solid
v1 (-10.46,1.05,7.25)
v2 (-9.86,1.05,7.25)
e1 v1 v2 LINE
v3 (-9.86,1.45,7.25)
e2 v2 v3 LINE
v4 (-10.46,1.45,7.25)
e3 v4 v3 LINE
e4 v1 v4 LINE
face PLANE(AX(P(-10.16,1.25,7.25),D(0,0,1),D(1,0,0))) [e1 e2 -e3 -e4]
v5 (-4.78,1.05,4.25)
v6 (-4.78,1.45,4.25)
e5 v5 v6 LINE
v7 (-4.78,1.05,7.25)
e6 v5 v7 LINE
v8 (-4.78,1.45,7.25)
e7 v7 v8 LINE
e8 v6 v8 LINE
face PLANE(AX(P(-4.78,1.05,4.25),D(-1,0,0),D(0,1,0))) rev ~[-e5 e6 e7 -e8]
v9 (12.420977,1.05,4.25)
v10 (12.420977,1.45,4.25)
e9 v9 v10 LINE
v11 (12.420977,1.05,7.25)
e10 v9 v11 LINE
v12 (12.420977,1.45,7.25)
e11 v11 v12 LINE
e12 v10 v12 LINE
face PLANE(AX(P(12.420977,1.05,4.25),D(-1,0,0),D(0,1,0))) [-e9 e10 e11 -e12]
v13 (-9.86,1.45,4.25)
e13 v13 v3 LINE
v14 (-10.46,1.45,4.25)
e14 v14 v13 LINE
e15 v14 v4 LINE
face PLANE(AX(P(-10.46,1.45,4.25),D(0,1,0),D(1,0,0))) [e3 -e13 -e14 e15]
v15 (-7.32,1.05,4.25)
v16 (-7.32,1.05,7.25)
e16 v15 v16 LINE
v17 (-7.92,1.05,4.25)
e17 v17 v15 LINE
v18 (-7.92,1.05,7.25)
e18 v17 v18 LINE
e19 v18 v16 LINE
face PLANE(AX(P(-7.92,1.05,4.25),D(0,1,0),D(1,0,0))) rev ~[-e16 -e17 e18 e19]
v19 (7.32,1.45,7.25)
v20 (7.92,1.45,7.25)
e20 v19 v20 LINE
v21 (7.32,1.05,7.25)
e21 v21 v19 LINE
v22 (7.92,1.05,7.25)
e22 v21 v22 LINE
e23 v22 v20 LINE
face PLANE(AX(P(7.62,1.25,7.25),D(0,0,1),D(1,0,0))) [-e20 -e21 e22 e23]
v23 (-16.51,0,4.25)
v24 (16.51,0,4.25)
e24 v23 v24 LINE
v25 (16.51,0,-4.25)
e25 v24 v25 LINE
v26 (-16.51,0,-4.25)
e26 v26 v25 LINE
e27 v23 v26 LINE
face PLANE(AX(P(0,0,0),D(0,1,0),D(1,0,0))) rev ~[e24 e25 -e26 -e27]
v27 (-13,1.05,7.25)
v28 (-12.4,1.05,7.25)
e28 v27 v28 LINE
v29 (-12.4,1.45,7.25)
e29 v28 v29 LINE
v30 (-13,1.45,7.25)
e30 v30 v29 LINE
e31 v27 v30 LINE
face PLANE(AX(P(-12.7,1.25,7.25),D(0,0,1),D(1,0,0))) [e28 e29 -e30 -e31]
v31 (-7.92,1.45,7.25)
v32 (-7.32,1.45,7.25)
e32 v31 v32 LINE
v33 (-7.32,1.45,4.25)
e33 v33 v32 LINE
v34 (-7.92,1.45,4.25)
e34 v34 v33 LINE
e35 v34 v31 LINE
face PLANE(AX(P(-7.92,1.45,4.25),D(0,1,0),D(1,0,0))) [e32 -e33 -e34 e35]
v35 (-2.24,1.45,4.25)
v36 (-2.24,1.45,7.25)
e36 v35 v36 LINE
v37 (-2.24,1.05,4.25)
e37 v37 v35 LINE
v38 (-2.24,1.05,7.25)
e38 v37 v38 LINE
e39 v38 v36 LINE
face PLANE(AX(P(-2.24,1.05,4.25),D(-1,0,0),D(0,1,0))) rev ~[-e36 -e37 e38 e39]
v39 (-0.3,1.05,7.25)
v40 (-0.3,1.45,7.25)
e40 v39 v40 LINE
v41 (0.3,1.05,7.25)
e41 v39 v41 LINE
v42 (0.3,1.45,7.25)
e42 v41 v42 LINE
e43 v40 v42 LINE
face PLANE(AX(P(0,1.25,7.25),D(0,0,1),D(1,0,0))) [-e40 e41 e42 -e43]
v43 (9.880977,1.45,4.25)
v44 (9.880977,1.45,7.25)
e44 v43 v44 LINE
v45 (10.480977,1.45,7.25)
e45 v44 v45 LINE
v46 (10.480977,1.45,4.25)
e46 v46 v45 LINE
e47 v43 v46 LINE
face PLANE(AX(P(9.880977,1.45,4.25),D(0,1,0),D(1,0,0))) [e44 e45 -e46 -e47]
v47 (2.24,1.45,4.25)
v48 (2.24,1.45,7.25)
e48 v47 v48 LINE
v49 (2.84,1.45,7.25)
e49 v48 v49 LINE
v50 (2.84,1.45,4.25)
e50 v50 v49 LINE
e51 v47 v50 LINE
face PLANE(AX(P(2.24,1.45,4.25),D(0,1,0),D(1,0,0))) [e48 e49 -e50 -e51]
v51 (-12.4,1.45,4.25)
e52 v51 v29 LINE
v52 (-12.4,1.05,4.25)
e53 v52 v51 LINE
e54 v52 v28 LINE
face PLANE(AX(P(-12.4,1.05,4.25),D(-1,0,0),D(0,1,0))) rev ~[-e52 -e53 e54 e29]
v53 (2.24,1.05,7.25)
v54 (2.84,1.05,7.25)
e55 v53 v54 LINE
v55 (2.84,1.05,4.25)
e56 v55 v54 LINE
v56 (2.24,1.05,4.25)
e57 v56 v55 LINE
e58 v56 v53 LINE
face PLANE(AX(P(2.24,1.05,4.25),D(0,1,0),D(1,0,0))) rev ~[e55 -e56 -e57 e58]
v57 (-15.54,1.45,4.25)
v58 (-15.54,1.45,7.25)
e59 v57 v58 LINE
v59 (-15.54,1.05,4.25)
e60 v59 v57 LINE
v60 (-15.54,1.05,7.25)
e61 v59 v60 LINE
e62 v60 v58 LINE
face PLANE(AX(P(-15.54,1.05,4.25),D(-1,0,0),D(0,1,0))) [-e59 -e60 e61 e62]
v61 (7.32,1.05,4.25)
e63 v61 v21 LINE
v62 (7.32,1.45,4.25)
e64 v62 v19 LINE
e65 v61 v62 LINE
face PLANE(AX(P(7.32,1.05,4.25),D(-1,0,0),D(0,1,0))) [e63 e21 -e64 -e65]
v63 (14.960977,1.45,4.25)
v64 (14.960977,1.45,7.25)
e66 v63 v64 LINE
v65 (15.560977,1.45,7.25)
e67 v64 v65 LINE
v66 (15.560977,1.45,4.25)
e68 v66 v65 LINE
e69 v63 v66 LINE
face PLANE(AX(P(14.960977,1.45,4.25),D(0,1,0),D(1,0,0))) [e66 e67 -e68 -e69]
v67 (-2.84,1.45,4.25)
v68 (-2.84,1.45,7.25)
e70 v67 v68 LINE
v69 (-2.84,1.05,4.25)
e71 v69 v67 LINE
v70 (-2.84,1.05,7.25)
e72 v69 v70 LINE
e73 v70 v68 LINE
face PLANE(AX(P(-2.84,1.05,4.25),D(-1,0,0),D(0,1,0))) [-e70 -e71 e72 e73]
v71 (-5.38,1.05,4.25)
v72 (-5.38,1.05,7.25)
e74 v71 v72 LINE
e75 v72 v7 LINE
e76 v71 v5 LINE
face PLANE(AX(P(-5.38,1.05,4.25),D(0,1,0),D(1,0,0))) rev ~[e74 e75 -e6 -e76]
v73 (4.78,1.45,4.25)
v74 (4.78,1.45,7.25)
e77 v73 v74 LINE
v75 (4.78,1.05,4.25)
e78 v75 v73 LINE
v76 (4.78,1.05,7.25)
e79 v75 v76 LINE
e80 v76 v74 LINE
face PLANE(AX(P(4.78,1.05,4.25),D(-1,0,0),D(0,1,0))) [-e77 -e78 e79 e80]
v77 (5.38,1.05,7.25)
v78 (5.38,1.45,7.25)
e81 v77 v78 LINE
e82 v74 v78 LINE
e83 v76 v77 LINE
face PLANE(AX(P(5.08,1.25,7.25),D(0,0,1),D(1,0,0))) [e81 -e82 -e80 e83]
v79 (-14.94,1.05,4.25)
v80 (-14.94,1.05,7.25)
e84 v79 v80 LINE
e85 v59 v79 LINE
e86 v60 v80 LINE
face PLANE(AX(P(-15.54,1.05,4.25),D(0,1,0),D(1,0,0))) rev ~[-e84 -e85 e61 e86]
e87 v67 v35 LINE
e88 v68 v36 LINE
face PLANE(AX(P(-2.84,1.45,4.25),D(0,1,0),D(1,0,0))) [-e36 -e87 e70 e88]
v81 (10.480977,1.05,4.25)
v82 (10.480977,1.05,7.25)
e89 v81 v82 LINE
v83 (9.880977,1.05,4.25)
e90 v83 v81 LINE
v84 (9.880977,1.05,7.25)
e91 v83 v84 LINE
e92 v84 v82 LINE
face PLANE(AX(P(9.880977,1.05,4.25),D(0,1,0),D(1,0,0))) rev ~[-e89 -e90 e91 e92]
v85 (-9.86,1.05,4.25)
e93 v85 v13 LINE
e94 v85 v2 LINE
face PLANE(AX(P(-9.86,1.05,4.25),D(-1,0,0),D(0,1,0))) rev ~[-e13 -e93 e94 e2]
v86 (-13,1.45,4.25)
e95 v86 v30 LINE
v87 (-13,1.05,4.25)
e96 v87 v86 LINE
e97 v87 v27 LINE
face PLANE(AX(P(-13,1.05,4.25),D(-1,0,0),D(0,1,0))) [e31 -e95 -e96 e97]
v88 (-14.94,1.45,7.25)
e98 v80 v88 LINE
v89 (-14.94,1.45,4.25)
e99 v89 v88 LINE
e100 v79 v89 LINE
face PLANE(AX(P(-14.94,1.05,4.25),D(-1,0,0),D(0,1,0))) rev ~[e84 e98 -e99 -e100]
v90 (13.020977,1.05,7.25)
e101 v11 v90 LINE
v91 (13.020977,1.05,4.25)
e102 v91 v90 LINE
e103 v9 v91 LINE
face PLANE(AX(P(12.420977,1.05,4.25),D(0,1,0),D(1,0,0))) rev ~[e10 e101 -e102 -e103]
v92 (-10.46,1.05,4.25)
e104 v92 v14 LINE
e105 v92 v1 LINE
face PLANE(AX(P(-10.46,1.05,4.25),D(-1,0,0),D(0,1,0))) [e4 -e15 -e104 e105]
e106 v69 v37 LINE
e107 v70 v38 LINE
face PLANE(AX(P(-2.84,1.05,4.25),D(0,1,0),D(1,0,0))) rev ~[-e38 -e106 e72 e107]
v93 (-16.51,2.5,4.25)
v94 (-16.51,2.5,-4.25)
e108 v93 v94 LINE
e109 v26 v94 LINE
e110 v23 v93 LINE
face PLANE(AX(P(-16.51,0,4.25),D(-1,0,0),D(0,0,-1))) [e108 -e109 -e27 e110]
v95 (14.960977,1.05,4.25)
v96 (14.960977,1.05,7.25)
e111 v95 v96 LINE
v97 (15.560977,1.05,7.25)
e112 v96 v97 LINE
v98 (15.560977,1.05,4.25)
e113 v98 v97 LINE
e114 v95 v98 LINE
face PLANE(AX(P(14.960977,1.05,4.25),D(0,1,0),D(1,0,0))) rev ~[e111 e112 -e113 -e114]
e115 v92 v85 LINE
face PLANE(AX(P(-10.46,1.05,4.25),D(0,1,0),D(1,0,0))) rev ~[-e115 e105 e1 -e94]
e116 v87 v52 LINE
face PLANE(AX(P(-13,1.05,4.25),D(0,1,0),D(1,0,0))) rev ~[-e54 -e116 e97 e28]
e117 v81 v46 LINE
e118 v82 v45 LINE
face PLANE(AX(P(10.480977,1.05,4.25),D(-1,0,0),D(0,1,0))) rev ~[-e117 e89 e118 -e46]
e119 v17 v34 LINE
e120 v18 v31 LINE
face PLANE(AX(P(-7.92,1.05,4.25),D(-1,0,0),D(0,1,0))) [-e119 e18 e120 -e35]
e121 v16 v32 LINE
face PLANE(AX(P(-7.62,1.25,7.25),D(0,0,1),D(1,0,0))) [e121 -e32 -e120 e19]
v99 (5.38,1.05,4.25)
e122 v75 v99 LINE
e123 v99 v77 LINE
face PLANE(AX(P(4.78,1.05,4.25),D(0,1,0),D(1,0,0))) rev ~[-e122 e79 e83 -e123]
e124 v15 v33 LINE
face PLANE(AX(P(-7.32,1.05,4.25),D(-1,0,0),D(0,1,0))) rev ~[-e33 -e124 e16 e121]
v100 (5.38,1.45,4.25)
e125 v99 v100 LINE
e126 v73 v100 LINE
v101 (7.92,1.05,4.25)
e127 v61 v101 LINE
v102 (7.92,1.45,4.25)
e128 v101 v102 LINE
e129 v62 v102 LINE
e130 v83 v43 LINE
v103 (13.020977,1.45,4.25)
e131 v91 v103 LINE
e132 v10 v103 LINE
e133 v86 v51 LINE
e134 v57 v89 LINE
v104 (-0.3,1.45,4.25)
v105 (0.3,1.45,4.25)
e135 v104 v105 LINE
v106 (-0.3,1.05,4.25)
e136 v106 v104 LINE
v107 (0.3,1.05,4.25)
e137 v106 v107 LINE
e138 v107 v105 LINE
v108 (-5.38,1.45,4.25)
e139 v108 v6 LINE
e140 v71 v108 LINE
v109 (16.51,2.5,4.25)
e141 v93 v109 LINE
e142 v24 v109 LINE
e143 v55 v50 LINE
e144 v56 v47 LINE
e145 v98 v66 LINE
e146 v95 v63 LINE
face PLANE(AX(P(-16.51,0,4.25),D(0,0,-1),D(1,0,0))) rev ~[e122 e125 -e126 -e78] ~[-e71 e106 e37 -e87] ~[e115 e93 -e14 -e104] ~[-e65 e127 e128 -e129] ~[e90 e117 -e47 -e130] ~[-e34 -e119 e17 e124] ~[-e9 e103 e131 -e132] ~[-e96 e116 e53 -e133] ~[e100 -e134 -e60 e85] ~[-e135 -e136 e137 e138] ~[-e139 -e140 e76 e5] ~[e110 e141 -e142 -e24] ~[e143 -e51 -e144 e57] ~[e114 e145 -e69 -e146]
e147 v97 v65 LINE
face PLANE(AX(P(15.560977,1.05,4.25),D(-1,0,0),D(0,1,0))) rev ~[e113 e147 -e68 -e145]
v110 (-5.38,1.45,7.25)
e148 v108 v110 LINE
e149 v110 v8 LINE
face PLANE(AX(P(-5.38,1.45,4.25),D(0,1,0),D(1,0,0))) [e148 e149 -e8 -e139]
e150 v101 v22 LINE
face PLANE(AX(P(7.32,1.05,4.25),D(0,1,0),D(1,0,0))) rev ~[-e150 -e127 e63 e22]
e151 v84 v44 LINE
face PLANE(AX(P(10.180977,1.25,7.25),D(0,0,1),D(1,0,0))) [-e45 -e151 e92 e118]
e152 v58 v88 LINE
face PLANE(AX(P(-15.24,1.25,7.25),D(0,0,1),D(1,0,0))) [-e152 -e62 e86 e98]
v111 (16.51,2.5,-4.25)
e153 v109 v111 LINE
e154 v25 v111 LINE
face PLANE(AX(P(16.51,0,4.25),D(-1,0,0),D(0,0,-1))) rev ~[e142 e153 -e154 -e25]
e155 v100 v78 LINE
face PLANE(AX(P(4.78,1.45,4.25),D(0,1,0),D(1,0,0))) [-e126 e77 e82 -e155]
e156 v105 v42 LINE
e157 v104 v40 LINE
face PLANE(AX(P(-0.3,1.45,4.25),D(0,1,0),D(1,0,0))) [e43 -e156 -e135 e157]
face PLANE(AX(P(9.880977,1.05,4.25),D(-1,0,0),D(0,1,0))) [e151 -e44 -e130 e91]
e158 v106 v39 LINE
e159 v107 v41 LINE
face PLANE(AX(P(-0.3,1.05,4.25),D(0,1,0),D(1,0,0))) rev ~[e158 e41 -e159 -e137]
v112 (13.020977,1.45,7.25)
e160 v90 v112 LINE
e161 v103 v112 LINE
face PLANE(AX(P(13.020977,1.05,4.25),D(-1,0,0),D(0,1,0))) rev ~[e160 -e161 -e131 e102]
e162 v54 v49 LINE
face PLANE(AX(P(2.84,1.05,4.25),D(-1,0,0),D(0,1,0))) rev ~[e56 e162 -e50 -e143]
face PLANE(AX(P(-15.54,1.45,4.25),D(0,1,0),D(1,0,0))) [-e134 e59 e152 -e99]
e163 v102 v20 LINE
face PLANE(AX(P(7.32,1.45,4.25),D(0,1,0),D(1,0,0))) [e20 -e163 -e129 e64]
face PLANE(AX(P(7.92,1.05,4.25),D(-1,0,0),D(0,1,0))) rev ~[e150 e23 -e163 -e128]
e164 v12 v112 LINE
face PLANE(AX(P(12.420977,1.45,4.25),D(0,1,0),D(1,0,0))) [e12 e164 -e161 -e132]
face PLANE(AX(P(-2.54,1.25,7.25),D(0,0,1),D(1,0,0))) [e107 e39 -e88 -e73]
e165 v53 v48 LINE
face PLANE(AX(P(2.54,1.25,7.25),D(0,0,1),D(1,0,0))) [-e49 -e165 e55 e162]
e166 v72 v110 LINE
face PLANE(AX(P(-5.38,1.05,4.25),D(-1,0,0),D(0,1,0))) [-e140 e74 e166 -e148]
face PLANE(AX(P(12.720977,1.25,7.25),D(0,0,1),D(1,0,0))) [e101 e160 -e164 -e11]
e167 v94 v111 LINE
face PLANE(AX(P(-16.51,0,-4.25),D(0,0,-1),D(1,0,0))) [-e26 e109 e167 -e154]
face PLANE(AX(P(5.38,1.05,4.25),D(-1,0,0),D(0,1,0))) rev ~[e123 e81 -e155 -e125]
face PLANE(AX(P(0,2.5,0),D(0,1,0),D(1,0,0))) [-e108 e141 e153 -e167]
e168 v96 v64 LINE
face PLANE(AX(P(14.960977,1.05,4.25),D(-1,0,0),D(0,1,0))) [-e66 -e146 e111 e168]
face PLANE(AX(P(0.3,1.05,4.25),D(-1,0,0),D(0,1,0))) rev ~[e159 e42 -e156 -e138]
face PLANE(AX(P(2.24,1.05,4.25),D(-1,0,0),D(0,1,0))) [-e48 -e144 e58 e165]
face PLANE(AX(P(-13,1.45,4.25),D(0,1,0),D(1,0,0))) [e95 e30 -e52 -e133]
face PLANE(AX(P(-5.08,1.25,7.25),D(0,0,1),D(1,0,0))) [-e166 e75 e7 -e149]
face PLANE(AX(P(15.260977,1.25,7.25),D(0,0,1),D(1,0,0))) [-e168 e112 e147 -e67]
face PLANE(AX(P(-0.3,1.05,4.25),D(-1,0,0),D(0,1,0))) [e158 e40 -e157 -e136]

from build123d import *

# Parameters (mm, degrees)
SKETCH_1_W      = 33.02
SKETCH_1_H      = 8.5
EXTRUDE_1_DEPTH = 2.5
SKETCH_2_W      = 0.6
SKETCH_2_H      = 0.4
EXTRUDE_2_DEPTH = 3


with BuildPart() as part:
    # Эскиз1 → Бобышка-Вытянуть1 (new body)
    with BuildSketch(Plane(origin=(0, 0, 0), x_dir=(1, 0, 0), z_dir=(0, 1, 0))):
        Rectangle(SKETCH_1_W, SKETCH_1_H)
    extrude(amount=EXTRUDE_1_DEPTH)

    # Эскиз2 → Бобышка-Вытянуть2 (add)
    with BuildSketch(Plane.XY.offset(4.25)):
        with Locations((-7.62, 1.25)):
            Rectangle(SKETCH_2_W, SKETCH_2_H)
        with Locations((-10.16, 1.25)):
            Rectangle(SKETCH_2_W, SKETCH_2_H)
        with Locations((-5.08, 1.25)):
            Rectangle(SKETCH_2_W, SKETCH_2_H)
        with Locations((-2.54, 1.25)):
            Rectangle(SKETCH_2_W, SKETCH_2_H)
        with Locations((0, 1.25)):
            Rectangle(SKETCH_2_W, SKETCH_2_H)
        with Locations((2.54, 1.25)):
            Rectangle(SKETCH_2_W, SKETCH_2_H)
        with Locations((5.08, 1.25)):
            Rectangle(SKETCH_2_W, SKETCH_2_H)
        with Locations((7.62, 1.25)):
            Rectangle(SKETCH_2_W, SKETCH_2_H)
        with Locations((10.180976984, 1.25)):
            Rectangle(SKETCH_2_W, SKETCH_2_H)
        with Locations((12.720976984, 1.25)):
            Rectangle(SKETCH_2_W, SKETCH_2_H)
        with Locations((15.260976984, 1.25)):
            Rectangle(SKETCH_2_W, SKETCH_2_H)
        with Locations((-12.7, 1.25)):
            Rectangle(SKETCH_2_W, SKETCH_2_H)
        with Locations((-15.24, 1.25)):
            Rectangle(SKETCH_2_W, SKETCH_2_H)
    extrude(amount=EXTRUDE_2_DEPTH)


solid = part.part
